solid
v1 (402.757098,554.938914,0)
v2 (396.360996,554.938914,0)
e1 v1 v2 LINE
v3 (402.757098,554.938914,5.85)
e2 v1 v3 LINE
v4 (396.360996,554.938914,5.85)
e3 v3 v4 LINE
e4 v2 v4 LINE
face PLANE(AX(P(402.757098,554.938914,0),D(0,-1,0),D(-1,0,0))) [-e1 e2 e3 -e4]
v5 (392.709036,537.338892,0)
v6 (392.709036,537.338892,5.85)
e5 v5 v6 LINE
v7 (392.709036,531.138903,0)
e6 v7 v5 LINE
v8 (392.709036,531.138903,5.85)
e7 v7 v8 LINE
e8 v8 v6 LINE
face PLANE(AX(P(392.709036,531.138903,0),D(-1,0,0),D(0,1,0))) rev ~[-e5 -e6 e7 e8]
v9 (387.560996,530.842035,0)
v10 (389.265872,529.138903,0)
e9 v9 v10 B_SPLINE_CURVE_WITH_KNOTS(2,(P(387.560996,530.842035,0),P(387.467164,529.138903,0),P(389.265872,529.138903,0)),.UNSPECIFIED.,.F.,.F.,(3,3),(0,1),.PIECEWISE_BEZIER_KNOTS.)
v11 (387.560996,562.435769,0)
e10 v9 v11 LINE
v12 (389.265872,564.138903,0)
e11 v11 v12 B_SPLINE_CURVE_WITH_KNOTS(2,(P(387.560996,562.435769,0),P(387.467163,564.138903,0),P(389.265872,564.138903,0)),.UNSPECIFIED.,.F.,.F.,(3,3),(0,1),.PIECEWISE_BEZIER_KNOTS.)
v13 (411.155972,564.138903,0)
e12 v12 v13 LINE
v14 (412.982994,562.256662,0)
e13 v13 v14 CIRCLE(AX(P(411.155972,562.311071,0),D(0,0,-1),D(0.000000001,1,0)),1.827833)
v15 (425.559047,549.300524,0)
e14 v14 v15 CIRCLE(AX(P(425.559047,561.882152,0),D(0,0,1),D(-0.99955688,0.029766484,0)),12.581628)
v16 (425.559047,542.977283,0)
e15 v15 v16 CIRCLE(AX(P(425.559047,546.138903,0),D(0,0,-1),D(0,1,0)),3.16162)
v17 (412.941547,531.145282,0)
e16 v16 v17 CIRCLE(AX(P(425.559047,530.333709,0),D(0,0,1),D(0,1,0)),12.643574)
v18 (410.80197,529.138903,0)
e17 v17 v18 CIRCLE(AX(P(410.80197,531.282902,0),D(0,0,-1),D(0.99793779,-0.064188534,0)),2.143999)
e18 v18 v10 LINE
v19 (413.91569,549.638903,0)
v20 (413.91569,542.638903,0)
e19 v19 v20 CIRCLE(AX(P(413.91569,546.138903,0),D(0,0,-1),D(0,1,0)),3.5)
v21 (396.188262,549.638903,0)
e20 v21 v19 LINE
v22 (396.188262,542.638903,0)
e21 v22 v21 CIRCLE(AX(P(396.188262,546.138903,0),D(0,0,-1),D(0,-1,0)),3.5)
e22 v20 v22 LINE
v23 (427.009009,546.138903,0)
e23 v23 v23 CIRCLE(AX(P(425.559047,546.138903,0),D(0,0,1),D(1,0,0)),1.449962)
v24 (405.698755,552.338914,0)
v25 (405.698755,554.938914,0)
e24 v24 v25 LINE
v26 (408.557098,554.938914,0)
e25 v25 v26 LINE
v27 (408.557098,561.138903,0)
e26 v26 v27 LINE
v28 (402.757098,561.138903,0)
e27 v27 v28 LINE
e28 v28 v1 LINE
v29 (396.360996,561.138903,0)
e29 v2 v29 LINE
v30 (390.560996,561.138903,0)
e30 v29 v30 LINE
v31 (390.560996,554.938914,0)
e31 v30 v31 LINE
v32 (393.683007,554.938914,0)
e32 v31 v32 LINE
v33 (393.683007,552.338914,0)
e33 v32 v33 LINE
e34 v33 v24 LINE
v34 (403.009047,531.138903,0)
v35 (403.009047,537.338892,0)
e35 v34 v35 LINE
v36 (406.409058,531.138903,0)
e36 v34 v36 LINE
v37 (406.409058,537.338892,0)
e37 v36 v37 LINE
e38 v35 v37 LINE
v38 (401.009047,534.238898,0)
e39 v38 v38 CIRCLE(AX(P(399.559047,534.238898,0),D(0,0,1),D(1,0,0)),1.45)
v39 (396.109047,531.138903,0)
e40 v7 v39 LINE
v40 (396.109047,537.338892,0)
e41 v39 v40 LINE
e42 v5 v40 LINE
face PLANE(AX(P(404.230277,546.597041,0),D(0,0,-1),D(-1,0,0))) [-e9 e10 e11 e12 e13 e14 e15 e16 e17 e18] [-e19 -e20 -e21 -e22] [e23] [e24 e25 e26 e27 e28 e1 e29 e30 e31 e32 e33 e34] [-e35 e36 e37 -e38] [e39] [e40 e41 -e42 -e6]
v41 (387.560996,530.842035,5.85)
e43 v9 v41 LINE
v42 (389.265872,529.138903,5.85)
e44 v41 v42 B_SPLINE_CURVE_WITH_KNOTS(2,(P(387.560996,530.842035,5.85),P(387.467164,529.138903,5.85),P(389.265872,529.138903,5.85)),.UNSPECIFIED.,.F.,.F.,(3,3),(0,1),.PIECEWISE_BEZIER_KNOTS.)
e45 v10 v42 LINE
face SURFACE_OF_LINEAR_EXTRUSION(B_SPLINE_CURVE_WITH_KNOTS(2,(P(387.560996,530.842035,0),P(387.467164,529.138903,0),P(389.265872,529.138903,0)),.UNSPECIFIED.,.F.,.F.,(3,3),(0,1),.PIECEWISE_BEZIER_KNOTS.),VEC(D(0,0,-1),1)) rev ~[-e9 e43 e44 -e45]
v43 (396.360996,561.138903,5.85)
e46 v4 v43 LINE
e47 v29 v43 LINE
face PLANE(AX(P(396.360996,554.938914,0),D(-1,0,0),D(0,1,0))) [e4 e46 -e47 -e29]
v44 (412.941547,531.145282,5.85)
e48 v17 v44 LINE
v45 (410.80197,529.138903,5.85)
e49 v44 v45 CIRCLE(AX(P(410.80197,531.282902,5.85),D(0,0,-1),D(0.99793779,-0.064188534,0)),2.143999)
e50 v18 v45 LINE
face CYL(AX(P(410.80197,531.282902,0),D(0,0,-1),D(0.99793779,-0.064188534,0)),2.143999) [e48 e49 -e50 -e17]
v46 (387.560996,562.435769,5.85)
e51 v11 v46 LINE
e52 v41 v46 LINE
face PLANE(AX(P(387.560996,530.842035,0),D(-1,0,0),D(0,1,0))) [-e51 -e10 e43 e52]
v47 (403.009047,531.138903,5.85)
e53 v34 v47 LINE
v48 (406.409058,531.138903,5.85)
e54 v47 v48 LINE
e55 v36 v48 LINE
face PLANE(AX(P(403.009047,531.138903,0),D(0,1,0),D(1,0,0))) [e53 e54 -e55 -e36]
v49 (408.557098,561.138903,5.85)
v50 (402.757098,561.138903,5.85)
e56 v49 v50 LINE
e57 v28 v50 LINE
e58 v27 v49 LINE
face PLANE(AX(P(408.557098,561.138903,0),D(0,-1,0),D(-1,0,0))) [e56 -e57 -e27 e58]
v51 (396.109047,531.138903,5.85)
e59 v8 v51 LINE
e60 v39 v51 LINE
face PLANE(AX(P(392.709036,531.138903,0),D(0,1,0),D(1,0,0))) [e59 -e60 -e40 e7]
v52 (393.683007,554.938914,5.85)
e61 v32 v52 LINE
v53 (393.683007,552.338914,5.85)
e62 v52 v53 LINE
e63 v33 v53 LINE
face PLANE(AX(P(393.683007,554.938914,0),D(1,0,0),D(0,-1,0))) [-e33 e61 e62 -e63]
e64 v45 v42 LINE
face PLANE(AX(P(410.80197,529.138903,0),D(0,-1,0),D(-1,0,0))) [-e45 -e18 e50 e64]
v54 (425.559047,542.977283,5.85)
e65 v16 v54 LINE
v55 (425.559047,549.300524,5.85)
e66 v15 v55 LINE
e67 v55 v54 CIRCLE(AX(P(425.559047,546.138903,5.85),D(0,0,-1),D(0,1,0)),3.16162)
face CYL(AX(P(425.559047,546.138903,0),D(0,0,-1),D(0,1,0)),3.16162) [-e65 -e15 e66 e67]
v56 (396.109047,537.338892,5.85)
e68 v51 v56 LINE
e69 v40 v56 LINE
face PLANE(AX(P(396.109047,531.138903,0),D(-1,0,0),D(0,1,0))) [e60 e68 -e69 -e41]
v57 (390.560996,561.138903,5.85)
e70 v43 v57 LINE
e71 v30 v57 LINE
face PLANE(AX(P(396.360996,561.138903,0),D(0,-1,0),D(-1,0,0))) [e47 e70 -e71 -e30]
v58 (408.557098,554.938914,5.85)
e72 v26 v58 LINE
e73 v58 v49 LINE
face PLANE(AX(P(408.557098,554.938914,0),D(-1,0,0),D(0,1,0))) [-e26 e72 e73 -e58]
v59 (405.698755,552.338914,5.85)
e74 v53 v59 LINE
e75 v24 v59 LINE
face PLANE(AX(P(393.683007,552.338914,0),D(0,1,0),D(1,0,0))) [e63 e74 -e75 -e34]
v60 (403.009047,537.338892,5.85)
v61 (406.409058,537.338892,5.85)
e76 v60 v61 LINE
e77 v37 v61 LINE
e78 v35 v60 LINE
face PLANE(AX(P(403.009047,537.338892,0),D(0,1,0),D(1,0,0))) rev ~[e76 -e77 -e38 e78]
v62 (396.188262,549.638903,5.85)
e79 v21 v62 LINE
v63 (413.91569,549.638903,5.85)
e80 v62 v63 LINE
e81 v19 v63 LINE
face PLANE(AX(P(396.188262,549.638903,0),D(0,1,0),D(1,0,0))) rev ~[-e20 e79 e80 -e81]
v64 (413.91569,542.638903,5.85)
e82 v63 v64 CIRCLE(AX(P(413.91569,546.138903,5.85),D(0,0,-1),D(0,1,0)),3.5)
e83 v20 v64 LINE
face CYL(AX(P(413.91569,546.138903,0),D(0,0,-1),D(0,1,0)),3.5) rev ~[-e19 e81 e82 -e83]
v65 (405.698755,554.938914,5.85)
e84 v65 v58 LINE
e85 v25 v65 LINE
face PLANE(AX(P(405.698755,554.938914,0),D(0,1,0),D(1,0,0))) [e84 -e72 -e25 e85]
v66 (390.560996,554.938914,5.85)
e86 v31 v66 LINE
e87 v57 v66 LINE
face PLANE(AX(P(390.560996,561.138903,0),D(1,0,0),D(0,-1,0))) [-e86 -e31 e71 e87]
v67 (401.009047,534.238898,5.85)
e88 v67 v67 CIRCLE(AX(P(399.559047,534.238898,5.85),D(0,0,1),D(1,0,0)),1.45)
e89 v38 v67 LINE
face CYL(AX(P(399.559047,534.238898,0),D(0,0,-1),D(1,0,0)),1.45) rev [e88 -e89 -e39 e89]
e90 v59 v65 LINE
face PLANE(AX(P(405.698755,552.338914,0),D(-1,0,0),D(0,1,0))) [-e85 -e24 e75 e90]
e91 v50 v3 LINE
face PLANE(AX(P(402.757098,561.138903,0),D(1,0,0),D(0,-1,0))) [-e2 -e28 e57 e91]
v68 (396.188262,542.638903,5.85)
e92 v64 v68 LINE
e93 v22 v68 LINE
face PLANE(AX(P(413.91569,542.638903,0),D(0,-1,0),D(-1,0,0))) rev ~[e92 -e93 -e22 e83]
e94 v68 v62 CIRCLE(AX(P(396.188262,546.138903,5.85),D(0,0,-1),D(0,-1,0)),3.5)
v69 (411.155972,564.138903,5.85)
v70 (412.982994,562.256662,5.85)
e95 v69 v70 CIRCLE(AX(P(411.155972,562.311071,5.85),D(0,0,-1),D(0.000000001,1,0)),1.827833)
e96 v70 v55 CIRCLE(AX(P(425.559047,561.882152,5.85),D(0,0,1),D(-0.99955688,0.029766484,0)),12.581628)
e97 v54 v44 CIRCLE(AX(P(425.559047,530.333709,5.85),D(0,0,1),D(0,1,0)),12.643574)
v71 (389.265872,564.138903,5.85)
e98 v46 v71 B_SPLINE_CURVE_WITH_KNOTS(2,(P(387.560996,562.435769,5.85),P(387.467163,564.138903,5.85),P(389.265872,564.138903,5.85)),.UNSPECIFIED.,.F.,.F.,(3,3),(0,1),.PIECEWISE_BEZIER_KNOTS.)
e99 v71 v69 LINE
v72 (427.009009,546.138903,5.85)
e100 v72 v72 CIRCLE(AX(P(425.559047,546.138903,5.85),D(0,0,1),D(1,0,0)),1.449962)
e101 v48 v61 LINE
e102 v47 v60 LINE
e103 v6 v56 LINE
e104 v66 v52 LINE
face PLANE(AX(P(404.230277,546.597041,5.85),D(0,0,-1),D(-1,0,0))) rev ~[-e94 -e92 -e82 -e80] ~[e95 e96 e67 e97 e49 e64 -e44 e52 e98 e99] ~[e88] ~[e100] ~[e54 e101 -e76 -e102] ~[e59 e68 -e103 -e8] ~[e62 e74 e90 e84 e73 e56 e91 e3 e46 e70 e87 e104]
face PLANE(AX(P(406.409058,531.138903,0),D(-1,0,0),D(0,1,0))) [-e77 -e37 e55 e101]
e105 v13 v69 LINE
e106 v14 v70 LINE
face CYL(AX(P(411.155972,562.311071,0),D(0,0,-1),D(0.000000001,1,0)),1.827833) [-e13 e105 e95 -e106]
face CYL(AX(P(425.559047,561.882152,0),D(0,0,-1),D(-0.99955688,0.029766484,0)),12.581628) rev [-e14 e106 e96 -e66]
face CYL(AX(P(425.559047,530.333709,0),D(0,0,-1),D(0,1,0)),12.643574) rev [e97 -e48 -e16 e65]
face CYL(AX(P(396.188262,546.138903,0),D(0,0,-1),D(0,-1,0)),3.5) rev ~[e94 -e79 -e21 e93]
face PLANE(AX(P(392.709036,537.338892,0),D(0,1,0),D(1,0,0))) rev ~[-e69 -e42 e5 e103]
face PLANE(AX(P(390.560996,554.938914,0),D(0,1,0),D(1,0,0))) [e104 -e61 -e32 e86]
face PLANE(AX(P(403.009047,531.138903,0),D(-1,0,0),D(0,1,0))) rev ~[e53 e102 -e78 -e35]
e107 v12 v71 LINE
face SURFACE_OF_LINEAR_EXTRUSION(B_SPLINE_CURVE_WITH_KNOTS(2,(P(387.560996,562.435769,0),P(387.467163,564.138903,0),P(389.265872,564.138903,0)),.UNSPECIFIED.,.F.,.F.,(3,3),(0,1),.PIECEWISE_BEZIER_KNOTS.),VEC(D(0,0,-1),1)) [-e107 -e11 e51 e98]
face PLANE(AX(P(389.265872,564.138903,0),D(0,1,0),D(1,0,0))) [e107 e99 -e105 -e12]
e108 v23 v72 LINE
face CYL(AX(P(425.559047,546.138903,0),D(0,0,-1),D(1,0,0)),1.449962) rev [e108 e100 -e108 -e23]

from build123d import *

# Parameters (mm, degrees)
SKETCH1_R           = 1.449961854
SKETCH1_R_2         = 1.45
SKETCH1_W           = 3.400011
SKETCH1_H           = 6.199989
BOSS_EXTRUDE2_DEPTH = 5.85


with BuildPart() as part:
    # Sketch1 → Boss-Extrude2 (new body)
    with BuildSketch(Plane.XY):
        with BuildLine():
            Line((389.265872387, 564.138903138), (411.155971541, 564.138903138))
            ThreePointArc((411.155971541, 564.138903138), (412.46753945, 563.584161878), (412.982994127, 562.256662455))
            ThreePointArc((412.982994127, 562.256662455), (416.531053859, 553.119006976), (425.559046996, 549.30052358))
            ThreePointArc((425.559046996, 549.30052358), (428.720667438, 546.138903138), (425.559046996, 542.977282695))
            ThreePointArc((425.559046996, 542.977282695), (416.910383014, 539.55653755), (412.941547102, 531.145281549))
            ThreePointArc((412.941547102, 531.145281549), (412.268542883, 529.718966402), (410.801969943, 529.138903138))
            Line((410.801969943, 529.138903138), (389.265871713, 529.138903138))
            add(Edge.make_bspline(
                [(387.560996, 530.842035377), (387.467163743, 529.138903138), (389.265871713, 529.138903138)],
                knots=[0, 0, 0, 1, 1, 1], degree=2))
            Line((387.560996, 530.842035377), (387.560996, 562.435769381))
            add(Edge.make_bspline(
                [(387.560996, 562.435769381), (387.467162762, 564.138903138), (389.265872387, 564.138903138)],
                knots=[0, 0, 0, 1, 1, 1], degree=2))
        make_face()
        with Locations((425.559046996, 546.138903138)):
            Circle(SKETCH1_R, mode=Mode.SUBTRACT)
        with Locations((399.559046996, 534.238897638)):
            Circle(SKETCH1_R_2, mode=Mode.SUBTRACT)
        Polygon((405.698755359, 552.338914138), (405.698755359, 554.938914138), (408.557097991, 554.938914138), (408.557097991, 561.138903138), (402.757097991, 561.138903138), (402.757097991, 554.938914138), (396.360996, 554.938914138), (396.360996, 561.138903138), (390.560996, 561.138903138), (390.560996, 554.938914138), (393.683007359, 554.938914138), (393.683007359, 552.338914138), align=None, mode=Mode.SUBTRACT)
        with Locations((394.409041496, 534.238897638)):
            Rectangle(SKETCH1_W, SKETCH1_H, mode=Mode.SUBTRACT)
        with Locations((404.709052496, 534.238897638)):
            Rectangle(SKETCH1_W, SKETCH1_H, mode=Mode.SUBTRACT)
        with BuildLine():
            Line((396.188262357, 549.638903138), (413.915690223, 549.638903138))
            ThreePointArc((413.915690223, 549.638903138), (417.415690223, 546.138903138), (413.915690223, 542.638903138))
            Line((413.915690223, 542.638903138), (396.188262357, 542.638903138))
            ThreePointArc((396.188262357, 542.638903138), (392.688262357, 546.138903138), (396.188262357, 549.638903138))
        make_face(mode=Mode.SUBTRACT)
    extrude(amount=BOSS_EXTRUDE2_DEPTH)


solid = part.part
